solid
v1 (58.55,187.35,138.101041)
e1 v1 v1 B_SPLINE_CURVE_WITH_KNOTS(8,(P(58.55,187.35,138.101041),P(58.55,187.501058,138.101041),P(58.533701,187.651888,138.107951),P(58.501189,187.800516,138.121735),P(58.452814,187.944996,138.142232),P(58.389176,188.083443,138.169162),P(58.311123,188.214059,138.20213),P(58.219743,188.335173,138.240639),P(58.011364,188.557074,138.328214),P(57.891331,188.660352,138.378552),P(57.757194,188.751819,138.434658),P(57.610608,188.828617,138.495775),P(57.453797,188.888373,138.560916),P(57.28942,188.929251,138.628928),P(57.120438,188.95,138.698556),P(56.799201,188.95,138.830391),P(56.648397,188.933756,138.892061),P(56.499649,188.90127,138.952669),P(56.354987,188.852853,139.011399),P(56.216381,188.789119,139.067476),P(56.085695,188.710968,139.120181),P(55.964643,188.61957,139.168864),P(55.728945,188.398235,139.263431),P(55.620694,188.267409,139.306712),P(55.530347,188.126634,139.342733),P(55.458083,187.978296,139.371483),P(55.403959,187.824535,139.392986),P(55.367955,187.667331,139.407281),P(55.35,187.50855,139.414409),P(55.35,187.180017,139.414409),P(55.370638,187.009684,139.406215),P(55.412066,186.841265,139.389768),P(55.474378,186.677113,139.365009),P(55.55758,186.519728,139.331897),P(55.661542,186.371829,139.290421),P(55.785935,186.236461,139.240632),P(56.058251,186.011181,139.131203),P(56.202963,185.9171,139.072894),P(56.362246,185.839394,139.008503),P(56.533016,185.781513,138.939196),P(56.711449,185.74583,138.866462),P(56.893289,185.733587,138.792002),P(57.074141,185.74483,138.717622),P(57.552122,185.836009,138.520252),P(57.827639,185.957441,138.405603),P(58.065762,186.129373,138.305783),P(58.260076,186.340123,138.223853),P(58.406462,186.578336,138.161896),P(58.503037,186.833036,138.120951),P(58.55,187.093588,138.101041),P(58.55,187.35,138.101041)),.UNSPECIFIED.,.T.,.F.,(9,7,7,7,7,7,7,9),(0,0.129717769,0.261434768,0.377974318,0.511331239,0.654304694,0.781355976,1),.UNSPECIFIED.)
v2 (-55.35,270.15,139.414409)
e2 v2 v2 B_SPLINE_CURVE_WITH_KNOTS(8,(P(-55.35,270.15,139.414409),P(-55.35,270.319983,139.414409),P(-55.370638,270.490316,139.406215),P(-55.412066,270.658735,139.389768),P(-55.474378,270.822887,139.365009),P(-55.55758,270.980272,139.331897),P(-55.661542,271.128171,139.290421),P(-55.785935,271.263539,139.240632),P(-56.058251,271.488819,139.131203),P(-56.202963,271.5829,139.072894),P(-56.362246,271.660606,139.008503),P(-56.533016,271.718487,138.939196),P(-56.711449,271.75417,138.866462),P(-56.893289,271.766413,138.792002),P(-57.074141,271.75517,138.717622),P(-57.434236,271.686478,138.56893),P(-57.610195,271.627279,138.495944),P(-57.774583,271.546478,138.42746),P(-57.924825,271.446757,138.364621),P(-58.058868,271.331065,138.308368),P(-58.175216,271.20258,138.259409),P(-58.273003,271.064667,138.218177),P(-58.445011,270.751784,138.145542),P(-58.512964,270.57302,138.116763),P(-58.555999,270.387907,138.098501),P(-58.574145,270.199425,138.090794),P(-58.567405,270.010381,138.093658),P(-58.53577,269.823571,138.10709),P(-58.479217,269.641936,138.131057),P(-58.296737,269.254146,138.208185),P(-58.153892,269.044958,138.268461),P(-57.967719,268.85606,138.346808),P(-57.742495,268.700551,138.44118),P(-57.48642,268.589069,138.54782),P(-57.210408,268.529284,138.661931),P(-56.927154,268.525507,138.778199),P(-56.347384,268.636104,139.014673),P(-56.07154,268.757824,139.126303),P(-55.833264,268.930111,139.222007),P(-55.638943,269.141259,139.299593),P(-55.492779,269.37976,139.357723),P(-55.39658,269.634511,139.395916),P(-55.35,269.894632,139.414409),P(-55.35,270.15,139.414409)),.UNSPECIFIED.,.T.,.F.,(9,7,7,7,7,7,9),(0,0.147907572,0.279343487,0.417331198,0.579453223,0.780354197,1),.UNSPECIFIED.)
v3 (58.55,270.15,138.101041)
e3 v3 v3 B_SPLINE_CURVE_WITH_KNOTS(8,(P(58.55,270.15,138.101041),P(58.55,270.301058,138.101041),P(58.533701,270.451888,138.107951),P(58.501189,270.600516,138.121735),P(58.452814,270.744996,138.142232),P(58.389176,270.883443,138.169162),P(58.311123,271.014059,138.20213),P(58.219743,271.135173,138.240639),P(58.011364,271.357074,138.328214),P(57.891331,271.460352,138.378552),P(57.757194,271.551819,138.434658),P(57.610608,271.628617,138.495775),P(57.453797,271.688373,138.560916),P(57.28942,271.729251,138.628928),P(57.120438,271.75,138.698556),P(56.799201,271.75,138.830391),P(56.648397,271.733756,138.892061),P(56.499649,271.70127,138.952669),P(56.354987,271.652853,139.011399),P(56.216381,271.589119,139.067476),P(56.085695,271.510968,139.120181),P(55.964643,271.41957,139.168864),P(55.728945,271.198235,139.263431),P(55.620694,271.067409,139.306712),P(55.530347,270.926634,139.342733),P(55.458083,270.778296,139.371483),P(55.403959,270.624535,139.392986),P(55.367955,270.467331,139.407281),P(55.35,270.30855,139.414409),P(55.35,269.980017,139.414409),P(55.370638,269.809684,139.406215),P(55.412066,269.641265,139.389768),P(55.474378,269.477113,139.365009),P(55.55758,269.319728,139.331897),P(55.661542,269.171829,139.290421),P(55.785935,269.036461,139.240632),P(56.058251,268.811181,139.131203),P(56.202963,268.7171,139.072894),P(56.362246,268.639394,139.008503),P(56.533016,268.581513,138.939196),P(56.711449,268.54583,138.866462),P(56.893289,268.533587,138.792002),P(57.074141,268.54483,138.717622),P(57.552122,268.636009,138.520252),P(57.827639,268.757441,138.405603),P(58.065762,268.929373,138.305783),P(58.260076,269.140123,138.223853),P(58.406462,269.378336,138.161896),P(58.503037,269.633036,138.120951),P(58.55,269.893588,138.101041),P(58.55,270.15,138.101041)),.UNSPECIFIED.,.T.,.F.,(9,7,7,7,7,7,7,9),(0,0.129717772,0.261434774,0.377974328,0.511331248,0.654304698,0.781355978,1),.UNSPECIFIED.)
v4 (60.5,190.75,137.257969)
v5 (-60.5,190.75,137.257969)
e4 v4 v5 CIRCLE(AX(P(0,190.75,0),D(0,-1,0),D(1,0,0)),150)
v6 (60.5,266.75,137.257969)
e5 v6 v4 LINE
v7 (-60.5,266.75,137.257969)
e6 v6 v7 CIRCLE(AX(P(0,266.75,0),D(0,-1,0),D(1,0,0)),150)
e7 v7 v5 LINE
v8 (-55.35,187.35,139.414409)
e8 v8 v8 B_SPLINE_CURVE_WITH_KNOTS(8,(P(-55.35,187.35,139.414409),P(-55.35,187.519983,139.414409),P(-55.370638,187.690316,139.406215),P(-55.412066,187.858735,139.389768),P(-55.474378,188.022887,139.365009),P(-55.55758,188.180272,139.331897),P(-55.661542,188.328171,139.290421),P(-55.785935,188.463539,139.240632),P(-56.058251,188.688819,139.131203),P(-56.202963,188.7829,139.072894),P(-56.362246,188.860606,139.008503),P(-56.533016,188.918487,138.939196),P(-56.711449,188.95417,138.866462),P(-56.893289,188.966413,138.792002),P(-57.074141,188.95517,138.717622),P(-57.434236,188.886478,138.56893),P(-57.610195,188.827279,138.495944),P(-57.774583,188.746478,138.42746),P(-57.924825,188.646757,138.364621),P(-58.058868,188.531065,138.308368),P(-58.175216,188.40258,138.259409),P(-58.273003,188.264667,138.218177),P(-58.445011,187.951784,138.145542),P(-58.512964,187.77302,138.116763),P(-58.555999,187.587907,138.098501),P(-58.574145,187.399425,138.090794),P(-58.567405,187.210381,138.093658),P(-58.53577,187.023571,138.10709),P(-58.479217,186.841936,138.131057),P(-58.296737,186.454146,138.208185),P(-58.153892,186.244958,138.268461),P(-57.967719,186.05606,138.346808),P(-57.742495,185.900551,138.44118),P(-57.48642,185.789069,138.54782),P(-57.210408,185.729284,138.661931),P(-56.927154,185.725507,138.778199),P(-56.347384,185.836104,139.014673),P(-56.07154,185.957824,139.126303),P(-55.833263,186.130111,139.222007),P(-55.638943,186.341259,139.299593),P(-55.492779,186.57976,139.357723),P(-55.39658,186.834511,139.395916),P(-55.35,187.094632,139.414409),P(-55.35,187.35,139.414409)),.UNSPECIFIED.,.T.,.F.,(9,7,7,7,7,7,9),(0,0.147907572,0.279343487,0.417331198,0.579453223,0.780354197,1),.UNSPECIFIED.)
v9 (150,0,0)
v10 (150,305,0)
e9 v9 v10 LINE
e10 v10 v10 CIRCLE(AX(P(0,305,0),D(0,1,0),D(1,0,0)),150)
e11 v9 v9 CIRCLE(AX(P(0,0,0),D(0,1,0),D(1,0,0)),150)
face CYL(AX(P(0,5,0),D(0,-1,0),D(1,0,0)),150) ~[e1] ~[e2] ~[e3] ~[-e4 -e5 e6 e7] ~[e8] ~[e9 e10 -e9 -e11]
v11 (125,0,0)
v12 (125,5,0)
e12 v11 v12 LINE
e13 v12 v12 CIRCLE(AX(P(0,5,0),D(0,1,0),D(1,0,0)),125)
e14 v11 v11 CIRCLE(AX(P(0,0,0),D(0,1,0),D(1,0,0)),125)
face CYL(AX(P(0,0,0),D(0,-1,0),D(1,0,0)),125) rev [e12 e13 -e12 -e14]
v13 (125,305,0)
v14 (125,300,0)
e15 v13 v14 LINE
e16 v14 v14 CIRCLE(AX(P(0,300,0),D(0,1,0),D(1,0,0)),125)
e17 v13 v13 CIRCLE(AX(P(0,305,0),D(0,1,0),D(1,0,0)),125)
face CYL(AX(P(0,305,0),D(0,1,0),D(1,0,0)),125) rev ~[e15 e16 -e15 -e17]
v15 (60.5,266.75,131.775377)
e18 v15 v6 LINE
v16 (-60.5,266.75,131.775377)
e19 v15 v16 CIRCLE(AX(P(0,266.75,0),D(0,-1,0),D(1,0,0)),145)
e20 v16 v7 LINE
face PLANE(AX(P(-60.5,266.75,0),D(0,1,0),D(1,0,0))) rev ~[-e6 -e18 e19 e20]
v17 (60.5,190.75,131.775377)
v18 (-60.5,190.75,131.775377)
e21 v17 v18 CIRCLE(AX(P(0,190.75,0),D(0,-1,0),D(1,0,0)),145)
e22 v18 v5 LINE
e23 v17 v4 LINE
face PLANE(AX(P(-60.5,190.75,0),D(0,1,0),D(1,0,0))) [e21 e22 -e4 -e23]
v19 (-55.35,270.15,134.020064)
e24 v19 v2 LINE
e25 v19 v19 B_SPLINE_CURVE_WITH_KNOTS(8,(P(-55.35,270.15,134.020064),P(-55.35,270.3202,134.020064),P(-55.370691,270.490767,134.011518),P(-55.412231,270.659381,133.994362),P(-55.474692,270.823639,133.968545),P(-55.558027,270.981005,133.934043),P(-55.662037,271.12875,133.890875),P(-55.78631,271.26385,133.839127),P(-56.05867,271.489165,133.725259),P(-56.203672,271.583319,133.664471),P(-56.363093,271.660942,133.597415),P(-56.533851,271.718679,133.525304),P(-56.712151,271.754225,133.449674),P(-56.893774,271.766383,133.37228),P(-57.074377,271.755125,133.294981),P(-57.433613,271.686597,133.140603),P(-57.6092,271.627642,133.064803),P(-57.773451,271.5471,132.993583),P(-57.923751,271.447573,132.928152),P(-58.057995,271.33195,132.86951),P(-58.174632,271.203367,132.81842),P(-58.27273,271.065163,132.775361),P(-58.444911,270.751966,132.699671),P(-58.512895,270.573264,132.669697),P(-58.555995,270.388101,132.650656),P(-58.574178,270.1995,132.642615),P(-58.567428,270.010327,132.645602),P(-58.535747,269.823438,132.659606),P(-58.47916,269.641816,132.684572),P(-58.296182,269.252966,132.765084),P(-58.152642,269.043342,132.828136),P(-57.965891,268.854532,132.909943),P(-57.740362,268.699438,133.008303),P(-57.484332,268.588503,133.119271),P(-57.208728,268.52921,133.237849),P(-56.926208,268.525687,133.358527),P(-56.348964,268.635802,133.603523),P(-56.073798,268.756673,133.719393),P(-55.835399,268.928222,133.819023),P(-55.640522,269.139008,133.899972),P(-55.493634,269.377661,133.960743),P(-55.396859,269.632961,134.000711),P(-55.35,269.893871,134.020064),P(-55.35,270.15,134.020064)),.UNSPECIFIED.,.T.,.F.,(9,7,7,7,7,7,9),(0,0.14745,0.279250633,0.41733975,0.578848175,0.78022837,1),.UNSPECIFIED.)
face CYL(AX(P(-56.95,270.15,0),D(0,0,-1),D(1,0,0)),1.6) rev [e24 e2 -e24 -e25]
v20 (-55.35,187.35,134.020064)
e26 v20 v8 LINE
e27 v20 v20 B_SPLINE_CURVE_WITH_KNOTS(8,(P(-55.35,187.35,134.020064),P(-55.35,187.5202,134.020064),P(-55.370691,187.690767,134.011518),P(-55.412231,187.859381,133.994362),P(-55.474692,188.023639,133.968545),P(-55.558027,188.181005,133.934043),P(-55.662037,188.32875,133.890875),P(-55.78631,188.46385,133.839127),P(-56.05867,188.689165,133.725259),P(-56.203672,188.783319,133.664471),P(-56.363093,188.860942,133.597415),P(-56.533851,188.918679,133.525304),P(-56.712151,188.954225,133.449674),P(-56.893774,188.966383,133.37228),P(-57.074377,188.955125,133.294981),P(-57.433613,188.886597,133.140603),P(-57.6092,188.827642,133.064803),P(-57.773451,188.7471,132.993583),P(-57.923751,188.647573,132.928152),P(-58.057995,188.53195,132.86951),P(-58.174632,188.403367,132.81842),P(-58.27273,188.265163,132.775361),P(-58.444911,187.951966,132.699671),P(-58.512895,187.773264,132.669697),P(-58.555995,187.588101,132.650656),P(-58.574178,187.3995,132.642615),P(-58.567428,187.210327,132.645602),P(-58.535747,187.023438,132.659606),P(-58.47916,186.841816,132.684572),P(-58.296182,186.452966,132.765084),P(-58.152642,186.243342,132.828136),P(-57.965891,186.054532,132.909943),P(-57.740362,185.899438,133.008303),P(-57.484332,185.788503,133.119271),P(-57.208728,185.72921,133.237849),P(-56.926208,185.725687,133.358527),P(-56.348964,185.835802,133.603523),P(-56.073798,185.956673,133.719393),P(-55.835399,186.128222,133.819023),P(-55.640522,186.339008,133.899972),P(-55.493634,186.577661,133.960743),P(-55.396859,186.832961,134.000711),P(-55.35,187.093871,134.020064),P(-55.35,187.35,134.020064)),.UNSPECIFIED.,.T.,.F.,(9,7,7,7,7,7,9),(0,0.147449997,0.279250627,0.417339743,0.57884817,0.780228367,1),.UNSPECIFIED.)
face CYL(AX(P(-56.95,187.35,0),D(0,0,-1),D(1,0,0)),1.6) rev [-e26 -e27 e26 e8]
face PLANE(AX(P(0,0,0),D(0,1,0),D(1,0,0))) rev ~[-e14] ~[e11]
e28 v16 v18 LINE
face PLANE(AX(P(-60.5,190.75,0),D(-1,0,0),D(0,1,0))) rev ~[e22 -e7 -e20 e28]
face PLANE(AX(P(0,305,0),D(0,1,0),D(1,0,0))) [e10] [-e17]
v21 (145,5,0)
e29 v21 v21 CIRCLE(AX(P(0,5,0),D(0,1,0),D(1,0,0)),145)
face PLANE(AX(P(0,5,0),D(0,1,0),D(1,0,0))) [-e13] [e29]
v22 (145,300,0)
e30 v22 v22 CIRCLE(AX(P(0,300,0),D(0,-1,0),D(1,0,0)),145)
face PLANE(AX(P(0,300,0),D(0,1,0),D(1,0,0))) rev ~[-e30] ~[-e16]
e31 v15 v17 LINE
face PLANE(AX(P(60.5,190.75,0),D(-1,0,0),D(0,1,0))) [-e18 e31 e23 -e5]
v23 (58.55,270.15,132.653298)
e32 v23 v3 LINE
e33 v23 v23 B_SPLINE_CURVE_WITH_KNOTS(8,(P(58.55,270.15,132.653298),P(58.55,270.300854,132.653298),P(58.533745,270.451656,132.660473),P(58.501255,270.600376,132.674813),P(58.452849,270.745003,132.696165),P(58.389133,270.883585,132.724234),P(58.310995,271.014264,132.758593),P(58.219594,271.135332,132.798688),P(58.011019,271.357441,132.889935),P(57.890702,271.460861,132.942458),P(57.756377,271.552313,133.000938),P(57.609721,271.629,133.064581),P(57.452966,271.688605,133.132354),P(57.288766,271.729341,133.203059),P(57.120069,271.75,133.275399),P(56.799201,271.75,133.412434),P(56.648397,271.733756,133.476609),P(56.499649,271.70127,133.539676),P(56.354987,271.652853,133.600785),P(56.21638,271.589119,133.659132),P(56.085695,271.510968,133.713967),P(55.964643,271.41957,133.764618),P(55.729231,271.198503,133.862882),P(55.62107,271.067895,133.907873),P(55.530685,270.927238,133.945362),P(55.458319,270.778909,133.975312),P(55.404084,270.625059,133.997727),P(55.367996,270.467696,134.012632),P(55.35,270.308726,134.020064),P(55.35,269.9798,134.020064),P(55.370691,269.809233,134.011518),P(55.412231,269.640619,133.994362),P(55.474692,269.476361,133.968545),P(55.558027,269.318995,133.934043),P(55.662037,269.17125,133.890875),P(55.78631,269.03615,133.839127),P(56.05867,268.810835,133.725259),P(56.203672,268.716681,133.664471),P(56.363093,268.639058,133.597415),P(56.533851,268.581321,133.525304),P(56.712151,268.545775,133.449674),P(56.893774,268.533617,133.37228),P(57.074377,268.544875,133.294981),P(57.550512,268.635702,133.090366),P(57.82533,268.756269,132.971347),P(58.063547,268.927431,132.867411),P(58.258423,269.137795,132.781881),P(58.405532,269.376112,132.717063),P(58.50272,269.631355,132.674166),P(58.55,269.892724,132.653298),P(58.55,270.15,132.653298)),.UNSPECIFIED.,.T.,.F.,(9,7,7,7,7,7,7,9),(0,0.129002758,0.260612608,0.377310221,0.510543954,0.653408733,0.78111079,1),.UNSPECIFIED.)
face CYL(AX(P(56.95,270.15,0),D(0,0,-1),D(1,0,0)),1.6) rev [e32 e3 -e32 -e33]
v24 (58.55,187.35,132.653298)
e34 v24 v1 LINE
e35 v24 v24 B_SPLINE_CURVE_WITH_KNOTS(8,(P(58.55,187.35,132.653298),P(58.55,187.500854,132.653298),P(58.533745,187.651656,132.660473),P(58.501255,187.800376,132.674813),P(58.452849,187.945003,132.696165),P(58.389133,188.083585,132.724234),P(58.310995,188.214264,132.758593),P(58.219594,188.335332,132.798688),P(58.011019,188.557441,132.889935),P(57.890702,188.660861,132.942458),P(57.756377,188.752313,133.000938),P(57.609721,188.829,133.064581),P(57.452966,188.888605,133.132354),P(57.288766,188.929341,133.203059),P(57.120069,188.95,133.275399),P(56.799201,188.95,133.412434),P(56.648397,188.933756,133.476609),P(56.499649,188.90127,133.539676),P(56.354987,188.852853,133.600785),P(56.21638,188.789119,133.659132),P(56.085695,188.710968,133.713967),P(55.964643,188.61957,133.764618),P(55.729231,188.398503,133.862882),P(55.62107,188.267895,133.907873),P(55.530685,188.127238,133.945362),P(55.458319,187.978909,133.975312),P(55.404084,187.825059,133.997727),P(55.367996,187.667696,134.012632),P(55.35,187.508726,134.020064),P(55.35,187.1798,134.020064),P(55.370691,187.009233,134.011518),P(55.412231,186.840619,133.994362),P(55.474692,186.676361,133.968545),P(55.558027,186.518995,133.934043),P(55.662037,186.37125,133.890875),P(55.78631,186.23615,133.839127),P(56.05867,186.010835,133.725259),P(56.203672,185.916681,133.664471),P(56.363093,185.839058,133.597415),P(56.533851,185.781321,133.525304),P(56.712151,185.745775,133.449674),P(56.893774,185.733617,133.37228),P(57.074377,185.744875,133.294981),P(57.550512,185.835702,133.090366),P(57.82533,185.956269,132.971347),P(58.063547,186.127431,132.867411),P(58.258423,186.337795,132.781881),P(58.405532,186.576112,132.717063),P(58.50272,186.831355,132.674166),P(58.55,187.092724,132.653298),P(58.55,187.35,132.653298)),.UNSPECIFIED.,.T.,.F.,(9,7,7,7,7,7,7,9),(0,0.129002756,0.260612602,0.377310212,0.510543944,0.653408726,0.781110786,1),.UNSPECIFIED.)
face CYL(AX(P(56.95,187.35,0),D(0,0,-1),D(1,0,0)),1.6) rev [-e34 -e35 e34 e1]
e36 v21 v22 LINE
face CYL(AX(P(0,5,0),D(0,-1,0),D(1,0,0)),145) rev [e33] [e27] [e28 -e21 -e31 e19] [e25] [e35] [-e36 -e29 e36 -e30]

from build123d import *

# Parameters (mm, degrees)
SKETCH1_R           = 150
SKETCH1_R_2         = 125
BOSS_EXTRUDE1_DEPTH = 5
SKETCH2_R           = 150
SKETCH2_R_2         = 145
BOSS_EXTRUDE2_DEPTH = 300
SKETCH3_R           = 150
SKETCH3_R_2         = 125
BOSS_EXTRUDE3_DEPTH = 5
CUT_EXTRUDE1_REACH  = 152
SKETCH5_W           = 121
SKETCH5_H           = 76
CUT_EXTRUDE2_REACH  = 152
SKETCH7_R           = 1.6


with BuildPart() as part:
    # Sketch1 → Boss-Extrude1 (new body)
    with BuildSketch(Plane(origin=(0, 0, 0), x_dir=(1, 0, 0), z_dir=(0, 1, 0))):
        Circle(SKETCH1_R)
        Circle(SKETCH1_R_2, mode=Mode.SUBTRACT)
    extrude(amount=BOSS_EXTRUDE1_DEPTH)

    # Sketch2 → Boss-Extrude2 (add)
    with BuildSketch(Plane(origin=(0, 5, 0), x_dir=(1, 0, 0), z_dir=(0, 1, 0))):
        Circle(SKETCH2_R)
        Circle(SKETCH2_R_2, mode=Mode.SUBTRACT)
    extrude(amount=BOSS_EXTRUDE2_DEPTH)

    # Sketch3 → Boss-Extrude3 (add)
    with BuildSketch(Plane(origin=(0, 305, 0), x_dir=(1, 0, 0), z_dir=(0, 1, 0))):
        Circle(SKETCH3_R)
        Circle(SKETCH3_R_2, mode=Mode.SUBTRACT)
    extrude(amount=-BOSS_EXTRUDE3_DEPTH)

    # Sketch5 → Cut-Extrude1 (cut, up to next)
    with BuildSketch(Plane.XY, mode=Mode.PRIVATE) as cut_extrude1_sk1:
        with Locations((0, 228.75)):
            Rectangle(SKETCH5_W, SKETCH5_H)
    cut_extrude1_tool1 = extrude(cut_extrude1_sk1.sketch, amount=CUT_EXTRUDE1_REACH, mode=Mode.PRIVATE) & part.part
    add(cut_extrude1_tool1.solids().sort_by_distance((0, 228.75, 0))[0], mode=Mode.SUBTRACT)

    # Sketch7 → Cut-Extrude2 (cut, up to next)
    with BuildSketch(Plane.XY, mode=Mode.PRIVATE) as cut_extrude2_sk1:
        with Locations((56.95, 270.15)):
            Circle(SKETCH7_R)
    cut_extrude2_tool1 = extrude(cut_extrude2_sk1.sketch, amount=CUT_EXTRUDE2_REACH, mode=Mode.PRIVATE) & part.part
    add(cut_extrude2_tool1.solids().sort_by_distance((56.95, 270.15, 0))[0], mode=Mode.SUBTRACT)
    # Sketch7 → Cut-Extrude2 (cut, up to next)
    with BuildSketch(Plane.XY, mode=Mode.PRIVATE) as cut_extrude2_sk2:
        with Locations((56.95, 187.35)):
            Circle(SKETCH7_R)
    cut_extrude2_tool2 = extrude(cut_extrude2_sk2.sketch, amount=CUT_EXTRUDE2_REACH, mode=Mode.PRIVATE) & part.part
    add(cut_extrude2_tool2.solids().sort_by_distance((56.95, 187.35, 0))[0], mode=Mode.SUBTRACT)
    # Sketch7 → Cut-Extrude2 (cut, up to next)
    with BuildSketch(Plane.XY, mode=Mode.PRIVATE) as cut_extrude2_sk3:
        with Locations((-56.95, 270.15)):
            Circle(SKETCH7_R)
    cut_extrude2_tool3 = extrude(cut_extrude2_sk3.sketch, amount=CUT_EXTRUDE2_REACH, mode=Mode.PRIVATE) & part.part
    add(cut_extrude2_tool3.solids().sort_by_distance((-56.95, 270.15, 0))[0], mode=Mode.SUBTRACT)
    # Sketch7 → Cut-Extrude2 (cut, up to next)
    with BuildSketch(Plane.XY, mode=Mode.PRIVATE) as cut_extrude2_sk4:
        with Locations((-56.95, 187.35)):
            Circle(SKETCH7_R)
    cut_extrude2_tool4 = extrude(cut_extrude2_sk4.sketch, amount=CUT_EXTRUDE2_REACH, mode=Mode.PRIVATE) & part.part
    add(cut_extrude2_tool4.solids().sort_by_distance((-56.95, 187.35, 0))[0], mode=Mode.SUBTRACT)


solid = part.part
